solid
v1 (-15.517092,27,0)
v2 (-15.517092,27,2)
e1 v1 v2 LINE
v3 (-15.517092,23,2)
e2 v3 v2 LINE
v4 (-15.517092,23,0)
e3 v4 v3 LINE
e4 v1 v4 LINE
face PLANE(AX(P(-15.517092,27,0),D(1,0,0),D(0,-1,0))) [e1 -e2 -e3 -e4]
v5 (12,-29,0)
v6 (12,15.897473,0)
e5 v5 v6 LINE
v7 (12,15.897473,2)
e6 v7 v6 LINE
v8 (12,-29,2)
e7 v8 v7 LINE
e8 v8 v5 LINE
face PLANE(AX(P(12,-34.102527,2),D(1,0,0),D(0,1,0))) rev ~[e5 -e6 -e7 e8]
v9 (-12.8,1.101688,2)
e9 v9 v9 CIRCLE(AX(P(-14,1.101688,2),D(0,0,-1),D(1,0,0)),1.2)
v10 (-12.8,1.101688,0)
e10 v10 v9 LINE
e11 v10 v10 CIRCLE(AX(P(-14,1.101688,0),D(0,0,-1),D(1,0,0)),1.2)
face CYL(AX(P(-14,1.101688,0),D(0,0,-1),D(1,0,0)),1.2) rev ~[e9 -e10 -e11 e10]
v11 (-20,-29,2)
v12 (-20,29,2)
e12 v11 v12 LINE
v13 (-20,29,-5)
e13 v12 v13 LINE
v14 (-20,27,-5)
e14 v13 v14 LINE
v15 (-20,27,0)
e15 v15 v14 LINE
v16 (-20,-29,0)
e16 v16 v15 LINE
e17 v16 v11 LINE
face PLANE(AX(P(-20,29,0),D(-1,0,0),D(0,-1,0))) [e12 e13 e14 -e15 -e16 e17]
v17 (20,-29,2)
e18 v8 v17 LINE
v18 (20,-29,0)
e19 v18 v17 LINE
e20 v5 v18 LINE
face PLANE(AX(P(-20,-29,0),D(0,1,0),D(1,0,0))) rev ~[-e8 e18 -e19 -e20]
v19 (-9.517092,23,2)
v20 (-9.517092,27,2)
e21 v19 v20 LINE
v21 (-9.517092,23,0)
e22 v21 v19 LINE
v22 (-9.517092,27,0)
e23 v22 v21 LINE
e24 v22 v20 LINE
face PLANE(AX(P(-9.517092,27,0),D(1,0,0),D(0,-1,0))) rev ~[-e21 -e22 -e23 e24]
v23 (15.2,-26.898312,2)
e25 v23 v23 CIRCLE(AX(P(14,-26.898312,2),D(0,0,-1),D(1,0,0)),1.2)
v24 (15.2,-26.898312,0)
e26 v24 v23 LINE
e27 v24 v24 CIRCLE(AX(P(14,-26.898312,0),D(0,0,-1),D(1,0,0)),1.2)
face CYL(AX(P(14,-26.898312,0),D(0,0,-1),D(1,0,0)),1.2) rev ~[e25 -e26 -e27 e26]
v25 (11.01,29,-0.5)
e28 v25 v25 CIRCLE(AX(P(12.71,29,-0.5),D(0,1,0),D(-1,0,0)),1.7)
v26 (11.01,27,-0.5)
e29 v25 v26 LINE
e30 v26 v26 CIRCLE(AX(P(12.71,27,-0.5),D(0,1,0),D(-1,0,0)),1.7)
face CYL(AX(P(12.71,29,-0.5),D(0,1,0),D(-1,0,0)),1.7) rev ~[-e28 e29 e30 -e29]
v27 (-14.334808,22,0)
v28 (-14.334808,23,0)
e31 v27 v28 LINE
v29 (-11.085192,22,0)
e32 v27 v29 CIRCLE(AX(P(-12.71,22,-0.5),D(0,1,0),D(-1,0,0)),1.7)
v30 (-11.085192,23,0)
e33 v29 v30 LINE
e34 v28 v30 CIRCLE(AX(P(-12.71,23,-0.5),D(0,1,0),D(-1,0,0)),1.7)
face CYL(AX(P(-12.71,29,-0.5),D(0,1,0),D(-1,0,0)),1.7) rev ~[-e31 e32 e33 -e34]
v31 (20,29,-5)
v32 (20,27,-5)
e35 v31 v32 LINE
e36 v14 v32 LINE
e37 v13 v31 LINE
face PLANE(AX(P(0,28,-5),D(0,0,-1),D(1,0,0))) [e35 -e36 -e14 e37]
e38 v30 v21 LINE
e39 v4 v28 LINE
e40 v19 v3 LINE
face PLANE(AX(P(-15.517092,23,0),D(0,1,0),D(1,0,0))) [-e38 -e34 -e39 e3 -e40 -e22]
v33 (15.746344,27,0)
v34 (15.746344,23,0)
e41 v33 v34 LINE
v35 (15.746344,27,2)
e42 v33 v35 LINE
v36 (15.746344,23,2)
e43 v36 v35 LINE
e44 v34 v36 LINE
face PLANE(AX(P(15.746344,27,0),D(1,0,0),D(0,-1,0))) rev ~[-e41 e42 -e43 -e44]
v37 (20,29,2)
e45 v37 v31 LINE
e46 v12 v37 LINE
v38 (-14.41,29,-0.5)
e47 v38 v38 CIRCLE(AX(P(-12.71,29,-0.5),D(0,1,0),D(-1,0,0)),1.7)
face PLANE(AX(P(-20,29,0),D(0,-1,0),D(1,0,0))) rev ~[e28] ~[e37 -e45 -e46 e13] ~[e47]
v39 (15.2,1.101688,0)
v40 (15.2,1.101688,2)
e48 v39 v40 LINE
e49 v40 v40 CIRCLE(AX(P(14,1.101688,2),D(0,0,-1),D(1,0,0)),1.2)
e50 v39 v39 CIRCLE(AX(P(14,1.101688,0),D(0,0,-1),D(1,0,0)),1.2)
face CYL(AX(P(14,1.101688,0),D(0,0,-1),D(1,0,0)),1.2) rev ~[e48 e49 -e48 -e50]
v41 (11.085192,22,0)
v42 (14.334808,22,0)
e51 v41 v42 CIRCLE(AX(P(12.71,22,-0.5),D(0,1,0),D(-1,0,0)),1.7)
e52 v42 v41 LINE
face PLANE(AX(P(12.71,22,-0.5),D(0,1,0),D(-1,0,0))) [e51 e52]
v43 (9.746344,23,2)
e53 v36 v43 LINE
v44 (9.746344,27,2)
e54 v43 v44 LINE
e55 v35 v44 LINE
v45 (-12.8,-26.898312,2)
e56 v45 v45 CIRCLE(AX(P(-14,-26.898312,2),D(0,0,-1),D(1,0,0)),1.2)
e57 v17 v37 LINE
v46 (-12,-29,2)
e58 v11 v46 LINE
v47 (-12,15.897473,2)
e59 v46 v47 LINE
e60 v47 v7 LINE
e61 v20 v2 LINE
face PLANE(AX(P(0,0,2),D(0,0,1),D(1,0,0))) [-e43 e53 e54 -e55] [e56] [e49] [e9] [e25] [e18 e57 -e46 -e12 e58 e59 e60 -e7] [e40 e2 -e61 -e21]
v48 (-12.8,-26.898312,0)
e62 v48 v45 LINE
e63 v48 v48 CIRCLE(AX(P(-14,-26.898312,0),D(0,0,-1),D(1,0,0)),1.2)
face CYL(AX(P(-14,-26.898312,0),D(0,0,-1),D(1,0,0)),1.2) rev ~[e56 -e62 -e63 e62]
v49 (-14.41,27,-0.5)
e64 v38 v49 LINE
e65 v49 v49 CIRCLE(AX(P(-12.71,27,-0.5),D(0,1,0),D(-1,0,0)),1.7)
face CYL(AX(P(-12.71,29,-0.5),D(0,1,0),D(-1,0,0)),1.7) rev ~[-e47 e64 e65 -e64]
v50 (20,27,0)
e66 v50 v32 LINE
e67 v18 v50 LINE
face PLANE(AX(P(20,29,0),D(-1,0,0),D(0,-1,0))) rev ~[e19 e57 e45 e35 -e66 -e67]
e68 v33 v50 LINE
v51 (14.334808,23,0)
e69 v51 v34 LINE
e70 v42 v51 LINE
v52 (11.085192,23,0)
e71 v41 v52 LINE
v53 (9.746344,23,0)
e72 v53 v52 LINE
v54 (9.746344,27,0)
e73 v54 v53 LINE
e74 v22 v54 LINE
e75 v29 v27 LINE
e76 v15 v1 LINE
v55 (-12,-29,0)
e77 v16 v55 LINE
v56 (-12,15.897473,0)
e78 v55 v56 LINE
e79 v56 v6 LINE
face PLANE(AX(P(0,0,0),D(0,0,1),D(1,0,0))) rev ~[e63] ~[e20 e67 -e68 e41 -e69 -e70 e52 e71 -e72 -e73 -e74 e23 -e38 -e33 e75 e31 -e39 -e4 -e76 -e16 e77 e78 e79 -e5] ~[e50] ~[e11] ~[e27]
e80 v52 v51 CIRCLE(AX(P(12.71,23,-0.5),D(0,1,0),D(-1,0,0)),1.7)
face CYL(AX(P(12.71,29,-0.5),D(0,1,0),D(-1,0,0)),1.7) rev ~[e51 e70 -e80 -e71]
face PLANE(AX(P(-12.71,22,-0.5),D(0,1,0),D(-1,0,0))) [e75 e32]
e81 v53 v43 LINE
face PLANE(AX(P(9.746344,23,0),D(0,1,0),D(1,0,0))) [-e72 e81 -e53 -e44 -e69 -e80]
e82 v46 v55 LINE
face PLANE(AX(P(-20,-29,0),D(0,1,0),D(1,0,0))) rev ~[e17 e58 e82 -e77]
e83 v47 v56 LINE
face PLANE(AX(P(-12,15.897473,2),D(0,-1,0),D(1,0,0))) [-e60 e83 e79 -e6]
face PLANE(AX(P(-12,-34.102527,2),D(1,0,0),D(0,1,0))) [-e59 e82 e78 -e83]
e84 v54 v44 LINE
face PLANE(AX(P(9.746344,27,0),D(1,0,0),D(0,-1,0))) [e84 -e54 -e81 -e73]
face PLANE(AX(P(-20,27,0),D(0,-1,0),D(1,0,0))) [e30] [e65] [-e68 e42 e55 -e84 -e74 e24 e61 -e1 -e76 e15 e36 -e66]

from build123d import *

# Parameters (mm, degrees)
SKETCH_W        = 40
SKETCH_H        = 58
PAD_DEPTH       = 2
SKETCH001_W     = 24
SKETCH001_H     = 50
POCKET_DEPTH    = 5
SKETCH002_W     = 40
SKETCH002_H     = 2
PAD001_DEPTH    = 5
SKETCH004_R     = 1.7
POCKET001_DEPTH = 7
SKETCH005_R     = 1.2
POCKET002_DEPTH = 5
SKETCH006_W     = 6
SKETCH006_H     = 4
POCKET003_DEPTH = 5
SKETCH007_R     = 1.2
POCKET004_DEPTH = 5


with BuildPart() as part:
    # Sketch → Pad (new body)
    with BuildSketch(Plane.XY):
        Rectangle(SKETCH_W, SKETCH_H)
    extrude(amount=PAD_DEPTH)

    # Sketch001 (on Face6 of Pad) → Pocket (cut)
    with BuildSketch(Plane.XY.offset(2)):
        with Locations((0, -9.102527)):
            Rectangle(SKETCH001_W, SKETCH001_H)
    extrude(amount=-POCKET_DEPTH, mode=Mode.SUBTRACT)

    # Sketch002 (on Face4 of Pocket) → Pad001 (join)
    with BuildSketch(Plane(origin=(0, 0, 0), x_dir=(1, 0, 0), z_dir=(0, 0, -1))):
        with Locations((0, -28)):
            Rectangle(SKETCH002_W, SKETCH002_H)
    extrude(amount=PAD001_DEPTH)

    # Sketch004 (on Face4 of Pad001) → Pocket001 (cut)
    with BuildSketch(Plane(origin=(0, 29, 0), x_dir=(-1, 0, 0), z_dir=(0, 1, 0))):
        with Locations((-12.71, -0.5)):
            Circle(SKETCH004_R)
        with Locations((12.71, -0.5)):
            Circle(SKETCH004_R)
    extrude(amount=-POCKET001_DEPTH, mode=Mode.SUBTRACT)

    # Sketch005 (on Face5 of Pocket001) → Pocket002 (cut)
    with BuildSketch(Plane.YZ.offset(20)):
        with Locations((-14, 25)):
            Circle(SKETCH005_R)
        with Locations((14, 25)):
            Circle(SKETCH005_R)
        with Locations((14, -3)):
            Circle(SKETCH005_R)
        with Locations((-14, -3)):
            Circle(SKETCH005_R)
    extrude(amount=-POCKET002_DEPTH, mode=Mode.SUBTRACT)

    # Sketch006 (on Face12 of Pocket002) → Pocket003 (cut)
    with BuildSketch(Plane(origin=(0, 0, 0), x_dir=(1, 0, 0), z_dir=(0, 0, -1))):
        with Locations((-12.517092, -25)):
            Rectangle(SKETCH006_W, SKETCH006_H)
        with Locations((12.746344, -25)):
            Rectangle(SKETCH006_W, SKETCH006_H)
    extrude(amount=-POCKET003_DEPTH, mode=Mode.SUBTRACT)

    # Sketch007 (on Face15 of Pocket003) → Pocket004 (cut)
    with BuildSketch(Plane(origin=(0, 0, 0), x_dir=(1, 0, 0), z_dir=(0, 0, -1))):
        with Locations((-14, 26.898312)):
            Circle(SKETCH007_R)
        with Locations((14, 26.898312)):
            Circle(SKETCH007_R)
        with Locations((14, -1.101688)):
            Circle(SKETCH007_R)
        with Locations((-14, -1.101688)):
            Circle(SKETCH007_R)
    extrude(amount=-POCKET004_DEPTH, mode=Mode.SUBTRACT)


solid = part.part
